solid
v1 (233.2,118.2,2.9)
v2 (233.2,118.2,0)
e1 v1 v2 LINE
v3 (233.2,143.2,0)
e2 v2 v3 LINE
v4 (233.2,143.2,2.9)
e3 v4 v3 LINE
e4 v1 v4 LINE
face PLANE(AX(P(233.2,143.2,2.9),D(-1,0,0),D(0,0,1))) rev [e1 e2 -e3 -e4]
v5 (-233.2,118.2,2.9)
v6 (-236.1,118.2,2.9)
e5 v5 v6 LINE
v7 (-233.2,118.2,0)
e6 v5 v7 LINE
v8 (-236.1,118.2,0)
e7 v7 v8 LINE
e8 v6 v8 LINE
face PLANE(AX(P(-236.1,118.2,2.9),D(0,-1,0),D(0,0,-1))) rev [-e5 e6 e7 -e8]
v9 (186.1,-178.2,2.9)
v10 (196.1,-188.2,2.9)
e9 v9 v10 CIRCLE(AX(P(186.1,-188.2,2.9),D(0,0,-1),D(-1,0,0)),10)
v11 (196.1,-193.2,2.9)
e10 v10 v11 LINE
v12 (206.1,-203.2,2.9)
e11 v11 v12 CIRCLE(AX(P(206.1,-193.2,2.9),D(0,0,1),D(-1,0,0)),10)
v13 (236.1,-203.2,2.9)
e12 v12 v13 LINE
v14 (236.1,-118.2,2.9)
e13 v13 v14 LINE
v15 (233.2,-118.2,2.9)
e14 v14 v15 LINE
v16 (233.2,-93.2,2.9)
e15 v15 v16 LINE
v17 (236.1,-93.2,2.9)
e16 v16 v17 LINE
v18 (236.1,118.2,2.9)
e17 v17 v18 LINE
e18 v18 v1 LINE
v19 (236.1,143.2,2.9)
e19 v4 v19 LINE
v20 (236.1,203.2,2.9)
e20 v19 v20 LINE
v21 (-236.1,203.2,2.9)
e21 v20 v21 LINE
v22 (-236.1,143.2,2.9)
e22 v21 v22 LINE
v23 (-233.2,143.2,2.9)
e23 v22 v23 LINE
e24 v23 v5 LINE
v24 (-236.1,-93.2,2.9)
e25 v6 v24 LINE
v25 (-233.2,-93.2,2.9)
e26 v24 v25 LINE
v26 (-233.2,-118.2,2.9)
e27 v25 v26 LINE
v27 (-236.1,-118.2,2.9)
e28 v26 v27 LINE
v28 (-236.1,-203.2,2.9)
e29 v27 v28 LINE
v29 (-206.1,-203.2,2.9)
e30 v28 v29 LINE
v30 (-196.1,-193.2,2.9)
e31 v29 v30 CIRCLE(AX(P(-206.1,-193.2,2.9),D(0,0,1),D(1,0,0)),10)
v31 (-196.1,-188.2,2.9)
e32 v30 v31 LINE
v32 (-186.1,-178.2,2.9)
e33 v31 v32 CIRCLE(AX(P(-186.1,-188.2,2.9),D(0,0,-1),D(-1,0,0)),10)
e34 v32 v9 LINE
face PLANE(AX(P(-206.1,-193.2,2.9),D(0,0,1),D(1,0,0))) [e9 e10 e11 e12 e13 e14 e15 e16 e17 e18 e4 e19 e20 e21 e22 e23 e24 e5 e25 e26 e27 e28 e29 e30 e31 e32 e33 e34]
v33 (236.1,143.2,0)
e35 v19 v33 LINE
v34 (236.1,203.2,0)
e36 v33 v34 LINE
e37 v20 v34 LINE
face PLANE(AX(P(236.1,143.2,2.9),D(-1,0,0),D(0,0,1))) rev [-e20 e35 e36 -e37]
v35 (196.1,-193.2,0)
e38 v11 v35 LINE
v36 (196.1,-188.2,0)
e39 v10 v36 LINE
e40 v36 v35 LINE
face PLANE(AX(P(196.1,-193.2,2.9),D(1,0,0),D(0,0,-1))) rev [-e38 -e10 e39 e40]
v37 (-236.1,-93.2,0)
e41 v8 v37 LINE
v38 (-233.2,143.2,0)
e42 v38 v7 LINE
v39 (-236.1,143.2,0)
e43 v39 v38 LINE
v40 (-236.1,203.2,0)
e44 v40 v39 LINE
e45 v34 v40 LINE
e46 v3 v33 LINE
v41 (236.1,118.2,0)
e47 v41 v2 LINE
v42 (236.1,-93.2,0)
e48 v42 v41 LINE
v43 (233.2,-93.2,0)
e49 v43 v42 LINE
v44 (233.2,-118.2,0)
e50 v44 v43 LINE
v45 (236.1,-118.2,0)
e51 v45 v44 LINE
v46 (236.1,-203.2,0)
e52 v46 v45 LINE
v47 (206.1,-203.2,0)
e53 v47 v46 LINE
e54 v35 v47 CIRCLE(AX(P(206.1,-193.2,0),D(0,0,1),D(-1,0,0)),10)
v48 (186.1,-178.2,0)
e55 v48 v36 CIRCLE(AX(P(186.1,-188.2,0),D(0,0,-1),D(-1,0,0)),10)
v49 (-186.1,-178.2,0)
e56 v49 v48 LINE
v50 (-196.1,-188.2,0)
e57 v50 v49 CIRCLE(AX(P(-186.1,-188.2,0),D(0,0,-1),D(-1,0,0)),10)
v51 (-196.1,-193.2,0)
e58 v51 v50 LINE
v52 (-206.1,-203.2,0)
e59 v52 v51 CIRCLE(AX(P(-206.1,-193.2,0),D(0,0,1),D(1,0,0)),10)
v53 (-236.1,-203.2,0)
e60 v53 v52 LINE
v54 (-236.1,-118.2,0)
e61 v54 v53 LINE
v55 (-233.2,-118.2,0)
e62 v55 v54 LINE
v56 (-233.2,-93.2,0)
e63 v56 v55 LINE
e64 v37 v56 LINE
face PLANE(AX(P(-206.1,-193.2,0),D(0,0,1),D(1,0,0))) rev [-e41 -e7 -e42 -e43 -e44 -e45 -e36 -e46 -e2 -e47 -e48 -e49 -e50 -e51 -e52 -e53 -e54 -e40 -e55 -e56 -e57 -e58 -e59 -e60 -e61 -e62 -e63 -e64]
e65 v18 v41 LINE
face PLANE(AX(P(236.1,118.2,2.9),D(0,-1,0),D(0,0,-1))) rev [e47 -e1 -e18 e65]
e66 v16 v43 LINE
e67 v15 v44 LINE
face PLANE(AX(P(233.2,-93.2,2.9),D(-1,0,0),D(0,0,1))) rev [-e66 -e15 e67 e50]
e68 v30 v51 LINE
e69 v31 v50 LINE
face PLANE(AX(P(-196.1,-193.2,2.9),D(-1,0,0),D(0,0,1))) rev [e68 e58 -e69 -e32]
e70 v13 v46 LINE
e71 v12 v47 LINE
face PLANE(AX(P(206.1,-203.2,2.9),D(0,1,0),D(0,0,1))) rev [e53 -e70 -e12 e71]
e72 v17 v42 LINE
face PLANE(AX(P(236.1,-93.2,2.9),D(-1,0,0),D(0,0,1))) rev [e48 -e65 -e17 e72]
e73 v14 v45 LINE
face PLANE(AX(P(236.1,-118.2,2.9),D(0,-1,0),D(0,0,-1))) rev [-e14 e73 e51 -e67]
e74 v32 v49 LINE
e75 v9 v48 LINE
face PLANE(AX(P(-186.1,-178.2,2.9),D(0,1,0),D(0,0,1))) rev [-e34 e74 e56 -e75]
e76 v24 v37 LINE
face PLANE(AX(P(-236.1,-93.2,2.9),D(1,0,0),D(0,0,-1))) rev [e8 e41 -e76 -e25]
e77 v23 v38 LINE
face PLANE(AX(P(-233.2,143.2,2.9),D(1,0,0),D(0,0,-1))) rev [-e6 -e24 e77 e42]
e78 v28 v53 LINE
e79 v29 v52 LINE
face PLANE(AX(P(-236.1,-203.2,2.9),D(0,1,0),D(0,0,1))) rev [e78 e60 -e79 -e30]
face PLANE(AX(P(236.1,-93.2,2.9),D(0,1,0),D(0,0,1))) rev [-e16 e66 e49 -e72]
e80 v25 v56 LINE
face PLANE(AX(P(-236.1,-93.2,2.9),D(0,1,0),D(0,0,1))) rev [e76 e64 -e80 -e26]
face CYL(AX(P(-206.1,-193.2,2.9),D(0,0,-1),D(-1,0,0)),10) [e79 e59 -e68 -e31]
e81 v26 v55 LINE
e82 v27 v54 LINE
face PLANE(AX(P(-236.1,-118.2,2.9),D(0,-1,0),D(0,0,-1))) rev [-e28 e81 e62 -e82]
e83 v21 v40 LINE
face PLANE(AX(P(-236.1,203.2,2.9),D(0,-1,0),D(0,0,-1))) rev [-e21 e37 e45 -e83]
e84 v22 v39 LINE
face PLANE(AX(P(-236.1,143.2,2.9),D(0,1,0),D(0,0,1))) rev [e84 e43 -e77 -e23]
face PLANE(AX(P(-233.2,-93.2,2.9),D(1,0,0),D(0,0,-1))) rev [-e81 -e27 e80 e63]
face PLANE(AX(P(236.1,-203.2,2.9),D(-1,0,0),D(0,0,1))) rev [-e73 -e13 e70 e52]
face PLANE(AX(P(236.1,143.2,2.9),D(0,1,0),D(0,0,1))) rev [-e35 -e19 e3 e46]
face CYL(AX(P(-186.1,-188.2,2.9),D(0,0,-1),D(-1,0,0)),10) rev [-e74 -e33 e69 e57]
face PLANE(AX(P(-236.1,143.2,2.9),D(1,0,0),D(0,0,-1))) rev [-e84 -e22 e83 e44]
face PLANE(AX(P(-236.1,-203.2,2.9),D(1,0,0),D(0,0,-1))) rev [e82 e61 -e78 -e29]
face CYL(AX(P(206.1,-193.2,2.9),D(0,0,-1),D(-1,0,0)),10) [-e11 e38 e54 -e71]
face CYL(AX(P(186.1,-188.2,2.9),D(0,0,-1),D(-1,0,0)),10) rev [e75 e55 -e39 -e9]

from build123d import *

# Parameters (mm, degrees)
BOSS_EXTRUDE1_DEPTH = 2.9


with BuildPart() as part:
    # Sketch1 → Boss-Extrude1 (new body)
    with BuildSketch(Plane.XY):
        with BuildLine():
            Line((206.1, -203.2), (236.1, -203.2))
            Line((236.1, -203.2), (236.1, -118.2))
            Line((236.1, -118.2), (233.2, -118.2))
            Line((233.2, -118.2), (233.2, -93.2))
            Line((233.2, -93.2), (236.1, -93.2))
            Line((236.1, -93.2), (236.1, 118.2))
            Line((236.1, 118.2), (233.2, 118.2))
            Line((233.2, 118.2), (233.2, 143.2))
            Line((233.2, 143.2), (236.1, 143.2))
            Line((236.1, 143.2), (236.1, 203.2))
            Line((236.1, 203.2), (-236.1, 203.2))
            Line((-236.1, 203.2), (-236.1, 143.2))
            Line((-236.1, 143.2), (-233.2, 143.2))
            Line((-233.2, 143.2), (-233.2, 118.2))
            Line((-233.2, 118.2), (-236.1, 118.2))
            Line((-236.1, 118.2), (-236.1, -93.2))
            Line((-236.1, -93.2), (-233.2, -93.2))
            Line((-233.2, -93.2), (-233.2, -118.2))
            Line((-233.2, -118.2), (-236.1, -118.2))
            Line((-236.1, -118.2), (-236.1, -203.2))
            Line((-236.1, -203.2), (-206.1, -203.2))
            ThreePointArc((-206.1, -203.2), (-199.028932188, -200.271067812), (-196.1, -193.2))
            Line((-196.1, -193.2), (-196.1, -188.2))
            ThreePointArc((-196.1, -188.2), (-193.171067812, -181.128932188), (-186.1, -178.2))
            Line((-186.1, -178.2), (186.1, -178.2))
            ThreePointArc((186.1, -178.2), (193.171067812, -181.128932188), (196.1, -188.2))
            Line((196.1, -188.2), (196.1, -193.2))
            ThreePointArc((196.1, -193.2), (199.028932188, -200.271067812), (206.1, -203.2))
        make_face()
    extrude(amount=BOSS_EXTRUDE1_DEPTH)


solid = part.part
